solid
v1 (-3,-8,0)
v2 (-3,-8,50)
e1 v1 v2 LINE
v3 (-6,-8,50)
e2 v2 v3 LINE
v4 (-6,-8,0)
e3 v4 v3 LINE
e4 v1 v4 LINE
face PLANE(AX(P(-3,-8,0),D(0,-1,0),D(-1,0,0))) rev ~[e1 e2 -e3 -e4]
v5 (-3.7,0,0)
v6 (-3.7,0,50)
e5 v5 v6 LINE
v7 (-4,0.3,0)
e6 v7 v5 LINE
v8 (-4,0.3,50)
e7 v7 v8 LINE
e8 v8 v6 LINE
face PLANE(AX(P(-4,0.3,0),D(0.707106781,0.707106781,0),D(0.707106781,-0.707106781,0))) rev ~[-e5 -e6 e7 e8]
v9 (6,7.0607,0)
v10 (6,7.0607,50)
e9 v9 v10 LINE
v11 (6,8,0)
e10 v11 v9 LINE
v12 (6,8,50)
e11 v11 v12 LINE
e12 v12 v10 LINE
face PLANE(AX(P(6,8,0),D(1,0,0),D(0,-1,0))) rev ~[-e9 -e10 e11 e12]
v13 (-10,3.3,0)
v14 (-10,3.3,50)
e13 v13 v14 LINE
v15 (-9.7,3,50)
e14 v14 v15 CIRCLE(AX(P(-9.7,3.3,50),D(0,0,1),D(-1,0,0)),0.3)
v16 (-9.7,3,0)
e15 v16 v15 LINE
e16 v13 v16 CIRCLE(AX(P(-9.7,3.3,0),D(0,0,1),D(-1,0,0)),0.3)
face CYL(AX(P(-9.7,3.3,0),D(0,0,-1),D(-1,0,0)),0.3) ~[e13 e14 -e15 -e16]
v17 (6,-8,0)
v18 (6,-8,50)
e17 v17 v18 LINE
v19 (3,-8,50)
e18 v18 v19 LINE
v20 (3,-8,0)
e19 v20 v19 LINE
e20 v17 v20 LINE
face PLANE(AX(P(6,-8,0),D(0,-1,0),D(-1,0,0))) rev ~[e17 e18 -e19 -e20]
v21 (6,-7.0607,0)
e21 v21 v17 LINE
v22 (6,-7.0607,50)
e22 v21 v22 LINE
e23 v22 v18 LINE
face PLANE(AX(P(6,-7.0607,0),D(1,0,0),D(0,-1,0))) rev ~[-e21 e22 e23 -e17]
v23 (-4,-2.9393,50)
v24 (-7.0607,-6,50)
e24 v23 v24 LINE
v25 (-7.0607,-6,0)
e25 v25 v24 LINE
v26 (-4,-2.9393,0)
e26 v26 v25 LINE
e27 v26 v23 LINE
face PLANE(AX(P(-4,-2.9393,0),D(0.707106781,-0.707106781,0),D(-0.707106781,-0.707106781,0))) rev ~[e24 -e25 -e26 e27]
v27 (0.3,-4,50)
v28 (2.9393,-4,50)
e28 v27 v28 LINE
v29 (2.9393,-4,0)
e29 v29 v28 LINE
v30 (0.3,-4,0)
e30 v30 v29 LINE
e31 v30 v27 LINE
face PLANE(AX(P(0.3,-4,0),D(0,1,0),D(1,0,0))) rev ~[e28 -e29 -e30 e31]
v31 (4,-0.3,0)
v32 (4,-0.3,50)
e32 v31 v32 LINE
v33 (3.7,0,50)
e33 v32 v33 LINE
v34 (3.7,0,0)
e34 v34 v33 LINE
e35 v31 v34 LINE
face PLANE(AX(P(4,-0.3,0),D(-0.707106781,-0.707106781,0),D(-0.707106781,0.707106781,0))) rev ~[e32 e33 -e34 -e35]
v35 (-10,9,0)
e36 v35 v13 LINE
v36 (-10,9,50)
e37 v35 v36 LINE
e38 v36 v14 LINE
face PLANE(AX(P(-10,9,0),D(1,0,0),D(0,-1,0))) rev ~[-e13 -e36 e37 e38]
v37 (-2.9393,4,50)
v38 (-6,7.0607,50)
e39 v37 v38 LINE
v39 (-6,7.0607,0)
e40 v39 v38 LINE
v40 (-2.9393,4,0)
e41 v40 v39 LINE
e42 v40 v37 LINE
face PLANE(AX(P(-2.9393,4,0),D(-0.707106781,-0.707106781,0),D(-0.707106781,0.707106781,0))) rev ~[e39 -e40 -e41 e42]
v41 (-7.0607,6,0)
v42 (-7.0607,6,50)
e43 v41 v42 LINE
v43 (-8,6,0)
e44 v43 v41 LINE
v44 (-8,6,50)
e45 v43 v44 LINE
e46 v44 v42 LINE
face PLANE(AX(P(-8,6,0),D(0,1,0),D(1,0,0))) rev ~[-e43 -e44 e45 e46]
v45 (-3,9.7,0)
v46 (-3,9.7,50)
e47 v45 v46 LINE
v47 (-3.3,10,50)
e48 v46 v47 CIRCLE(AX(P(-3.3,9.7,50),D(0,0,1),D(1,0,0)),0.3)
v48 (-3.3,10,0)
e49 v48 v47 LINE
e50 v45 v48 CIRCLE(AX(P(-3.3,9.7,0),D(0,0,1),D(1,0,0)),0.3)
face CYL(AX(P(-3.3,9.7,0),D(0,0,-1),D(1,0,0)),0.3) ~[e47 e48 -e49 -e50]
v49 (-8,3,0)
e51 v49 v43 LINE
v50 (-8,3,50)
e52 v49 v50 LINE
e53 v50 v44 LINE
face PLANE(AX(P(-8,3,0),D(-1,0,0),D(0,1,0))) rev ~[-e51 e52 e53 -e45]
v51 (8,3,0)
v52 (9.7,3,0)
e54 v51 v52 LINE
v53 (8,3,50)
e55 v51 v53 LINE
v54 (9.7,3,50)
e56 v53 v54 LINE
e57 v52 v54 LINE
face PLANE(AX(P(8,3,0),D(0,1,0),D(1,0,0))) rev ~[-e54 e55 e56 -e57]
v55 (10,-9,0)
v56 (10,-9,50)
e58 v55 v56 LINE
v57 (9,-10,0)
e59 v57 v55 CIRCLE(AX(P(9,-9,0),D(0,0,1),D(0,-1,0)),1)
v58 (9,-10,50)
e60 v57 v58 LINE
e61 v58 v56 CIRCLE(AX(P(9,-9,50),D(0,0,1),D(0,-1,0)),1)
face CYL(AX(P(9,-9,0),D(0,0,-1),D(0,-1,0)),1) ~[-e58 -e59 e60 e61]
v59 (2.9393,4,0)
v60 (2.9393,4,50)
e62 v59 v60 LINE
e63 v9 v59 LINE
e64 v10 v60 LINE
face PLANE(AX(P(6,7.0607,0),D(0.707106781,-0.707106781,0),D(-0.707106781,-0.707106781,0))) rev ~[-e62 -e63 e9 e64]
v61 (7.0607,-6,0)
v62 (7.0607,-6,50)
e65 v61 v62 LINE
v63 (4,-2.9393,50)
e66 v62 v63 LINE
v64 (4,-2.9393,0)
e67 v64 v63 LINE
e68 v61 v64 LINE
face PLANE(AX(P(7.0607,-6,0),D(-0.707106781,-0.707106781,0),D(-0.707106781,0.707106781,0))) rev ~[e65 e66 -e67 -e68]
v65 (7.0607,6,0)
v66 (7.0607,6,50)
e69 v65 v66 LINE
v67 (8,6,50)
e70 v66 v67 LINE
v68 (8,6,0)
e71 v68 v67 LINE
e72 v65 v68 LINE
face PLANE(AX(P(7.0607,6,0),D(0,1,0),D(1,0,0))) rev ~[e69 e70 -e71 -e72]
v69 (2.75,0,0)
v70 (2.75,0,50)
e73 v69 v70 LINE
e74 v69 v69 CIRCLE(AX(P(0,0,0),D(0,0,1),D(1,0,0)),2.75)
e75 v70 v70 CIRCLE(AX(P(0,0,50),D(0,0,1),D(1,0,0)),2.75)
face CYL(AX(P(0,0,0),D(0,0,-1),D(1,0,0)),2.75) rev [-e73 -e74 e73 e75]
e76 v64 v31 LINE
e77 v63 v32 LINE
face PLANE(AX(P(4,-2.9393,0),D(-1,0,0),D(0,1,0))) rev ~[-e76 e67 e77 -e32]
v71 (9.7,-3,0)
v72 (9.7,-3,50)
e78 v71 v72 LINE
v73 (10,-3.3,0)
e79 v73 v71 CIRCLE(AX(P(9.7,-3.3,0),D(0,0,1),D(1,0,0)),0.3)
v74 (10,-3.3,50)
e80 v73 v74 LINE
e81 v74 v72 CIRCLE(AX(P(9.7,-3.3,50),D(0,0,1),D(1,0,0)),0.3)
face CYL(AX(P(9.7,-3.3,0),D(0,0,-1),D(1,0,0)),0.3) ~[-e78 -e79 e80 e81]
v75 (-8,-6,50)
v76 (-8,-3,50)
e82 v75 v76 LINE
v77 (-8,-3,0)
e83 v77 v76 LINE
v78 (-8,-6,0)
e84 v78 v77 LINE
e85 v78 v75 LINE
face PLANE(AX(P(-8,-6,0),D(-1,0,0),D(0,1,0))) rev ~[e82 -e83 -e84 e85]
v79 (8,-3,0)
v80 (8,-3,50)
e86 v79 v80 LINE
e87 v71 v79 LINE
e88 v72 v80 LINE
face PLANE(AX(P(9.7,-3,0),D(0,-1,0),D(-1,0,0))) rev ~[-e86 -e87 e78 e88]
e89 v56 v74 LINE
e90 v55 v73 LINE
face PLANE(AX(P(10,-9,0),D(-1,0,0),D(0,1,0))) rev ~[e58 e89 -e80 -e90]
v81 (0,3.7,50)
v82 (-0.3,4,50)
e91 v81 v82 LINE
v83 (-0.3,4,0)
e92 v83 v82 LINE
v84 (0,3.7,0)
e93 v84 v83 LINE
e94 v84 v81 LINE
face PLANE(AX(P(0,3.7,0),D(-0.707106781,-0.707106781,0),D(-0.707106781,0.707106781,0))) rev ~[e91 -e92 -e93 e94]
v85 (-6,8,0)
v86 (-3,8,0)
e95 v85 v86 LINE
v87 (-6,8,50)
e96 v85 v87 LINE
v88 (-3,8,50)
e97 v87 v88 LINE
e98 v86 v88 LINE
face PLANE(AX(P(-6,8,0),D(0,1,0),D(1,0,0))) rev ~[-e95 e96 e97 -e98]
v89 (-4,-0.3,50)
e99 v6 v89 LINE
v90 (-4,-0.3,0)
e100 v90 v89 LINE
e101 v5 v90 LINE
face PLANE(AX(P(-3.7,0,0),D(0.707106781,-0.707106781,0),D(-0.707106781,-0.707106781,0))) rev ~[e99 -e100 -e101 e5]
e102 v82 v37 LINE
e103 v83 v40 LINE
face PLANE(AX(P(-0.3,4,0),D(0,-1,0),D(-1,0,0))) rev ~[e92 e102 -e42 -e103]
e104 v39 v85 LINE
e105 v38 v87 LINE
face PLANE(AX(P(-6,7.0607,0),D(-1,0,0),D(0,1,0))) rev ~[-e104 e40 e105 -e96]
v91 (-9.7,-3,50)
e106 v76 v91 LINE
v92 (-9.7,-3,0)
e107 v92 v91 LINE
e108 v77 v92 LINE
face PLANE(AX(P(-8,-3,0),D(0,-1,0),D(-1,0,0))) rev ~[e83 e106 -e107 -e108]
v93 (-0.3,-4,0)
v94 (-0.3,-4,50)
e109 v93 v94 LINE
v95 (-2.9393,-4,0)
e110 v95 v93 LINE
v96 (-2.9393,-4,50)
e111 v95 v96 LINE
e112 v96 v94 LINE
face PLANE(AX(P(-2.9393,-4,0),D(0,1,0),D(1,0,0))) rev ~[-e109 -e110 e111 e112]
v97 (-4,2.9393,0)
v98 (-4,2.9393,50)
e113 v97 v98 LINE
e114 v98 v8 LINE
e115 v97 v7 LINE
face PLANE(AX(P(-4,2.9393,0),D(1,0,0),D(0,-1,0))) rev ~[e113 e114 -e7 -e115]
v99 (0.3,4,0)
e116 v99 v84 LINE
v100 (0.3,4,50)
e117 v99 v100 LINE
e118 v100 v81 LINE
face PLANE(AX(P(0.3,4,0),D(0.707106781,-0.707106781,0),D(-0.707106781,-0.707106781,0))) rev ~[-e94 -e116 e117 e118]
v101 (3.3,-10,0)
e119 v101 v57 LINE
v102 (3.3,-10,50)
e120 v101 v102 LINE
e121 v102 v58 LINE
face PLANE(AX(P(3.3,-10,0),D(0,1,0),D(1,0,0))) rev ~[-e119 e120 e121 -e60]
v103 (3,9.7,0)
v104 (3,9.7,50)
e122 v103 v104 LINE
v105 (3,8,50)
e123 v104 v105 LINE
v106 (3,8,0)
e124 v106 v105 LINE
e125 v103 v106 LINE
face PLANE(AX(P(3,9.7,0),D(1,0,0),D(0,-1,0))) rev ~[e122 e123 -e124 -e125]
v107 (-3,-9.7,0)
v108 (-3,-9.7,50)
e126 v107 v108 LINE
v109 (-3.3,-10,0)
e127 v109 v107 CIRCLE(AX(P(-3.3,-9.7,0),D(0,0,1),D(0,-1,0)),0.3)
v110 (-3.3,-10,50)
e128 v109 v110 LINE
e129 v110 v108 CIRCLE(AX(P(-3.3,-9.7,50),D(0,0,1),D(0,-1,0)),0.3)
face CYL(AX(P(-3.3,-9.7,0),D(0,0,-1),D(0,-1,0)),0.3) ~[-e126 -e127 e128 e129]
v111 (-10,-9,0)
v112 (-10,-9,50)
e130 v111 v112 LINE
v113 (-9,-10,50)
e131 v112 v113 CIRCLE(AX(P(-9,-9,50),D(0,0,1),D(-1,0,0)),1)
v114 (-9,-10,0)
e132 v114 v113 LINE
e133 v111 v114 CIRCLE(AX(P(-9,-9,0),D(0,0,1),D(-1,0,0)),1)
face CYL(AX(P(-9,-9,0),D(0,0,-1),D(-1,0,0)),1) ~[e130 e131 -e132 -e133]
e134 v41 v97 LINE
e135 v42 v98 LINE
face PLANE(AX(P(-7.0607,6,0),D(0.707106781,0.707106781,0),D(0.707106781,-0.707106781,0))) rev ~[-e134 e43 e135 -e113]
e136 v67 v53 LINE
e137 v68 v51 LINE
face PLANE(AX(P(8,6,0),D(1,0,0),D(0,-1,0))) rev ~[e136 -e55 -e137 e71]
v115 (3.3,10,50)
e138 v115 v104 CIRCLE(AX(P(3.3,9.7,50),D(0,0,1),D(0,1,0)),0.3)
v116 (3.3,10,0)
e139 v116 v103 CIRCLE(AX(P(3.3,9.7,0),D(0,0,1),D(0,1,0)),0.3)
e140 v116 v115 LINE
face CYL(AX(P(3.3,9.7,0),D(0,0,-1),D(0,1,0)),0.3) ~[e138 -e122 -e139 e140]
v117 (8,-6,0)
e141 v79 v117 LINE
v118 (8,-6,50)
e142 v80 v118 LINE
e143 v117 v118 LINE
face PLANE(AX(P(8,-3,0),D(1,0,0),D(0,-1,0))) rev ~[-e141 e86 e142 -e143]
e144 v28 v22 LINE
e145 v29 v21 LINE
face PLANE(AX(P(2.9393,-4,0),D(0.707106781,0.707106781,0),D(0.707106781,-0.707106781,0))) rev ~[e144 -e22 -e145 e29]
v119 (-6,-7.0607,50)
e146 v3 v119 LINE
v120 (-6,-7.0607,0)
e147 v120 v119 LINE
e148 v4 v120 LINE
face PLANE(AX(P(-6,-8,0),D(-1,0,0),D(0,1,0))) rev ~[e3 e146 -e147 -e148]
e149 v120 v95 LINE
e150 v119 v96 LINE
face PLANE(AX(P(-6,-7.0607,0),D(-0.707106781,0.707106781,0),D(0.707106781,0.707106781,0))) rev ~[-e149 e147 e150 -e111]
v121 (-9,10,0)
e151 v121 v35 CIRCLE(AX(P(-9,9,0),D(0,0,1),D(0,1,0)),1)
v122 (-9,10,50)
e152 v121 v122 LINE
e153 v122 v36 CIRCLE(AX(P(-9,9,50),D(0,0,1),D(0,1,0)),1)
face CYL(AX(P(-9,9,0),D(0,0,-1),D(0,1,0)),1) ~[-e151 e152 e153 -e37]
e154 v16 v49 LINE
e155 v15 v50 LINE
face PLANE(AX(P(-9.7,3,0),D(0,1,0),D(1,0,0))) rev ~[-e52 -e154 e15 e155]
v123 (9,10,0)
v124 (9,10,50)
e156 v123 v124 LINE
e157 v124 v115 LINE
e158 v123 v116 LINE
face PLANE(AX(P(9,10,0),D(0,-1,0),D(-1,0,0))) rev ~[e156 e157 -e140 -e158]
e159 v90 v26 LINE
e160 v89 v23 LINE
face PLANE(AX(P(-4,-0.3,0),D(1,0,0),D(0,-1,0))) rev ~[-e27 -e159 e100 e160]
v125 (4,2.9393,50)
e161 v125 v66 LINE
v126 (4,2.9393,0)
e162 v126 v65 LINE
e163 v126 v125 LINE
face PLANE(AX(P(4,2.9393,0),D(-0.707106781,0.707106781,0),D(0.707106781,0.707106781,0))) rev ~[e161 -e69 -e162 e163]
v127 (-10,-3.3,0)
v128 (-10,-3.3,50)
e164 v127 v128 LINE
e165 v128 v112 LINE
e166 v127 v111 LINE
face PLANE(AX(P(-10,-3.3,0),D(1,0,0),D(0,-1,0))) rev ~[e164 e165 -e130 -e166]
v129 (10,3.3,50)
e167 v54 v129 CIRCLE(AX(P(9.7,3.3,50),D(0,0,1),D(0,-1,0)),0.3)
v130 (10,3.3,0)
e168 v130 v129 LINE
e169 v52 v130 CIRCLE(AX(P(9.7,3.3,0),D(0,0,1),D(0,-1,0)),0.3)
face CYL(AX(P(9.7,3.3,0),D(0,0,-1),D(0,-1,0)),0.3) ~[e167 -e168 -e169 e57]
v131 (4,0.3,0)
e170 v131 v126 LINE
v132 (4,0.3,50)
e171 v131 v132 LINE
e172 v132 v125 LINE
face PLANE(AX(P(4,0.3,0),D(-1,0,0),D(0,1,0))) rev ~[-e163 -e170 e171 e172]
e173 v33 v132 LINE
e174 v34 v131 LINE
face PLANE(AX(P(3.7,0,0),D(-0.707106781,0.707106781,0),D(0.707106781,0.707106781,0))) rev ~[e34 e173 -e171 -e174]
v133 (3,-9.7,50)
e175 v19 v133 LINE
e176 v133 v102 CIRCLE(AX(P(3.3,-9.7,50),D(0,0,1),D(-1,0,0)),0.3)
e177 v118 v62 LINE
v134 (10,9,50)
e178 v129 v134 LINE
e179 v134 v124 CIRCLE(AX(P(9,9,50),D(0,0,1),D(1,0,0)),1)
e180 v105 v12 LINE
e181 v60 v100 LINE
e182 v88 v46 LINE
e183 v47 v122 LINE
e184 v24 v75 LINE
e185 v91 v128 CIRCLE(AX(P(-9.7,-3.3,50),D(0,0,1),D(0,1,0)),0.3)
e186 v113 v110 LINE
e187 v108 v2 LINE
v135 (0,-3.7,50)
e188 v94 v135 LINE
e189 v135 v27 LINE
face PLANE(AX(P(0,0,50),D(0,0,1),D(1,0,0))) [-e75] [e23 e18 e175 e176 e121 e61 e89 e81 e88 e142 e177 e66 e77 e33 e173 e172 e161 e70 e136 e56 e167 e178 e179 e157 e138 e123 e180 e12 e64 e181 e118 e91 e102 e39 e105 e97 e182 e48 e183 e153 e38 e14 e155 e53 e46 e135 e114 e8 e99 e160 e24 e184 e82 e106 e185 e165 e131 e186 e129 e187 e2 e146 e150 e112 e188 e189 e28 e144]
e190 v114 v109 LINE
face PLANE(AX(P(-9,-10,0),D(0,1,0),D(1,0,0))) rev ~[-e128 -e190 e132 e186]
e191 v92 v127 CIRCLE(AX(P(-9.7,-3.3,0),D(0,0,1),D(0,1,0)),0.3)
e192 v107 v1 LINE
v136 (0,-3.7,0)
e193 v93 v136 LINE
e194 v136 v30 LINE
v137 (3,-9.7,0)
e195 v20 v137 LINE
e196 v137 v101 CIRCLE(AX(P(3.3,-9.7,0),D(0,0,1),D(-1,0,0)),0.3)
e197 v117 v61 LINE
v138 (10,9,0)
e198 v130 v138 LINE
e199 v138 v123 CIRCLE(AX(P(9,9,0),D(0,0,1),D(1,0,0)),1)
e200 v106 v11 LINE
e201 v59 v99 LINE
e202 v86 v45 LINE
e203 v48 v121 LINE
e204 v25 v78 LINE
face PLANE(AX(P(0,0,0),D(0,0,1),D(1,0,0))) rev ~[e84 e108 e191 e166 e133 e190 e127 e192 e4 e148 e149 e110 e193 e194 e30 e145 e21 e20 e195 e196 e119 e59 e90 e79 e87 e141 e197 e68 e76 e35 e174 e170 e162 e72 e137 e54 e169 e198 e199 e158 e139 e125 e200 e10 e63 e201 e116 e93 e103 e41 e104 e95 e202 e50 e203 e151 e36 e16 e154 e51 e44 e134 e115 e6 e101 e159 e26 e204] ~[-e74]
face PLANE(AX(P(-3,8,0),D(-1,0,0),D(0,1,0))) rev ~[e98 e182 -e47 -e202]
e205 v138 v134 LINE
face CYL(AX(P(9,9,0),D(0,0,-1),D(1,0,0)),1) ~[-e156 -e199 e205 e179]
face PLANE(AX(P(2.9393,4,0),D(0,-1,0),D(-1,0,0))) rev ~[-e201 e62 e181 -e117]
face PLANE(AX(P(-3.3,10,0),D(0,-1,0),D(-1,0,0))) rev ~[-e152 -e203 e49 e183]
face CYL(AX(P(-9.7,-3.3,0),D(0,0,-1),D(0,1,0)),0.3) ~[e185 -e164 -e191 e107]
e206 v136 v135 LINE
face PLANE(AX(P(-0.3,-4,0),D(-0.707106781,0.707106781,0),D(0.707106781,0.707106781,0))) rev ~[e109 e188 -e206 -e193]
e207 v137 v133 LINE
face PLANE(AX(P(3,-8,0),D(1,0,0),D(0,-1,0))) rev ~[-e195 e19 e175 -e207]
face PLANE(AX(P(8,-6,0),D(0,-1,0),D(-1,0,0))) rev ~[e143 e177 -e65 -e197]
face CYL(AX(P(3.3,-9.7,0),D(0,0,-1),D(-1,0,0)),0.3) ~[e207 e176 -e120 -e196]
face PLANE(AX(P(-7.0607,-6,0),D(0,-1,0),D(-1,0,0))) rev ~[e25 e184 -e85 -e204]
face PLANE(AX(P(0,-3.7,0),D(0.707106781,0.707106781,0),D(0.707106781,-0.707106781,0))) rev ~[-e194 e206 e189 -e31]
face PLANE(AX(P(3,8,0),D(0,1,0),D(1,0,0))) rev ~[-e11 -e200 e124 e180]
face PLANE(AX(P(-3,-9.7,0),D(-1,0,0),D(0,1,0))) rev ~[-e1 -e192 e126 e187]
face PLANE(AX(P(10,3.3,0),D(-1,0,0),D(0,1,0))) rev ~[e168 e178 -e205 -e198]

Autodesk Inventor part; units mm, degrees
ref_plane "Startebene" through (0, 0, 0) normal (0, 0, 1) x (1, 0, 0)
ref_plane "Endebene" through (0, 0, 320) normal (0, 0, 1) x (1, 0, 0)
ref_plane "Startebene1" through (0, 0, 0) normal (0, 0, 1) x (1, 0, 0)
ref_plane "Endebene1" through (0, 0, 50) normal (0, 0, 1) x (1, 0, 0)
ref_plane "Startebene2" through (0, 0, 0) normal (0, 0, 1) x (1, 0, 0)
ref_plane "Endebene2" through (0, 0, 50) normal (0, 0, 1) x (1, 0, 0)
sketch "Skizze" plane through (0, 0, 0) normal (0, 0, 1) x (1, 0, 0)
  line L0 (-10, 9) -> (-10, 3.3)
  arc A0 (-10, 3.3) -> (-9.7, 3) centre (-9.7, 3.3) ccw
  line L1 (-9.7, 3) -> (-8, 3)
  line L2 (-8, 3) -> (-8, 6)
  line L3 (-8, 6) -> (-7.0607, 6)
  line L4 (-7.0607, 6) -> (-4, 2.9393)
  line L5 (-4, 2.9393) -> (-4, 0.3)
  line L6 (-4, 0.3) -> (-3.7, 0)
  line L7 (-3.7, 0) -> (-4, -0.3)
  line L8 (-4, -0.3) -> (-4, -2.9393)
  line L9 (-4, -2.9393) -> (-7.0607, -6)
  line L10 (-7.0607, -6) -> (-8, -6)
  line L11 (-8, -6) -> (-8, -3)
  line L12 (-8, -3) -> (-9.7, -3)
  arc A1 (-9.7, -3) -> (-10, -3.3) centre (-9.7, -3.3) ccw
  line L13 (-10, -3.3) -> (-10, -9)
  arc A2 (-10, -9) -> (-9, -10) centre (-9, -9) ccw
  line L14 (-9, -10) -> (-3.3, -10)
  arc A3 (-3.3, -10) -> (-3, -9.7) centre (-3.3, -9.7) ccw
  line L15 (-3, -9.7) -> (-3, -8)
  line L16 (-3, -8) -> (-6, -8)
  line L17 (-6, -8) -> (-6, -7.0607)
  line L18 (-6, -7.0607) -> (-2.9393, -4)
  line L19 (-2.9393, -4) -> (-0.3, -4)
  line L20 (-0.3, -4) -> (0, -3.7)
  line L21 (0, -3.7) -> (0.3, -4)
  line L22 (0.3, -4) -> (2.9393, -4)
  line L23 (2.9393, -4) -> (6, -7.0607)
  line L24 (6, -7.0607) -> (6, -8)
  line L25 (6, -8) -> (3, -8)
  line L26 (3, -8) -> (3, -9.7)
  arc A4 (3, -9.7) -> (3.3, -10) centre (3.3, -9.7) ccw
  line L27 (3.3, -10) -> (9, -10)
  arc A5 (9, -10) -> (10, -9) centre (9, -9) ccw
  line L28 (10, -9) -> (10, -3.3)
  arc A6 (10, -3.3) -> (9.7, -3) centre (9.7, -3.3) ccw
  line L29 (9.7, -3) -> (8, -3)
  line L30 (8, -3) -> (8, -6)
  line L31 (8, -6) -> (7.0607, -6)
  line L32 (7.0607, -6) -> (4, -2.9393)
  line L33 (4, -2.9393) -> (4, -0.3)
  line L34 (4, -0.3) -> (3.7, 0)
  line L35 (3.7, 0) -> (4, 0.3)
  line L36 (4, 0.3) -> (4, 2.9393)
  line L37 (4, 2.9393) -> (7.0607, 6)
  line L38 (7.0607, 6) -> (8, 6)
  line L39 (8, 6) -> (8, 3)
  line L40 (8, 3) -> (9.7, 3)
  arc A7 (9.7, 3) -> (10, 3.3) centre (9.7, 3.3) ccw
  line L41 (10, 3.3) -> (10, 9)
  arc A8 (10, 9) -> (9, 10) centre (9, 9) ccw
  line L42 (9, 10) -> (3.3, 10)
  arc A9 (3.3, 10) -> (3, 9.7) centre (3.3, 9.7) ccw
  line L43 (3, 9.7) -> (3, 8)
  line L44 (3, 8) -> (6, 8)
  line L45 (6, 8) -> (6, 7.0607)
  line L46 (6, 7.0607) -> (2.9393, 4)
  line L47 (2.9393, 4) -> (0.3, 4)
  line L48 (0.3, 4) -> (0, 3.7)
  line L49 (0, 3.7) -> (-0.3, 4)
  line L50 (-0.3, 4) -> (-2.9393, 4)
  line L51 (-2.9393, 4) -> (-6, 7.0607)
  line L52 (-6, 7.0607) -> (-6, 8)
  line L53 (-6, 8) -> (-3, 8)
  line L54 (-3, 8) -> (-3, 9.7)
  arc A10 (-3, 9.7) -> (-3.3, 10) centre (-3.3, 9.7) ccw
  line L55 (-3.3, 10) -> (-9, 10)
  arc A11 (-9, 10) -> (-10, 9) centre (-9, 9) ccw
  circle A12 centre (0, 0) radius 2.75
  dimension "d2" = 5.5
  dimension "d3" = 10
  dimension "d4" = 10
  dimension "d5" = 5.7
  dimension "d6" = 5.7
  dimension "d7" = 1.7
  dimension "d8" = 3
  dimension "d9" = 0.3
  dimension "d10" = 90
  dimension "d11" = 45
  dimension "d12" = 45
  dimension "d13" = 45
  dimension "d14" = 90
  dimension "d15" = 90
  dimension "d16" = 45
  dimension "d17" = 45
  dimension "d18" = 45
  dimension "d19" = 45
  dimension "d20" = 90
  dimension "d21" = 90
  dimension "d22" = 45
  dimension "d23" = 45
  dimension "d24" = 90
  dimension "d25" = 90
  dimension "d26" = 90
  dimension "d27" = 90
  dimension "d28" = 90
  dimension "d29" = 90
  dimension "d30" = 90
  dimension "d31" = 90
  dimension "d32" = 90
  dimension "d33" = 90
  dimension "d34" = 90
  dimension "d35" = 90
  dimension "d36" = 90
  dimension "d37" = 90
  dimension "d38" = 90
  dimension "d39" = 4
  dimension "d40" = 6
  dimension "d41" = 13
  dimension "d42" = 14
  dimension "d43" = 16
  dimension "d44" = 18
  dimension "d45" = 3
  dimension "d46" = 9
  dimension "d47" = 7
  dimension "d48" = 1
  dimension "d49" = 7
  dimension "d50" = 1.5
  dimension "d51" = 1.8663
  dimension "d52" = 3.3663
  dimension "d53" = 1.5
  dimension "d54" = 1.8663
  dimension "d55" = 3.3663
  dimension "d56" = 4
  dimension "d57" = 10.8187
  dimension "d58" = 1.9092
  dimension "d59" = 5
  dimension "d60" = 13
  dimension "d61" = 13
  dimension "d62" = 16.0513
  dimension "d63" = 3.3234
  dimension "d64" = 14
  dimension "d65" = 12.685
extrude "Körper" add sketch "Skizze" along normal up to surface (50 mm away) from surface at 0
sketch "Skizze13" plane through (0, 0, 0) normal (0, 0, 1) x (1, 0, 0)
  line L0 (0, 0) -> (10, 0)
ref_plane "Arbeitsebene12" through (0, 0, 0) normal (0, -1, 0) x (1, 0, 0)
sketch "Skizze14" plane through (0, 0, 0) normal (0, -1, 0) x (1, 0, 0)
  line L0 (-2, 0) -> (12, 0)
  line L1 (-2, 50) -> (12, 50)
  dimension "d80" = 50
equation "\"G_OFFSET_START\" = 0"
equation "\"G_OFFSET_END\" = 0"
equation "\"G_L\" = d80"
equation "\"G_OFFSET_START1\" = 0"
equation "\"G_OFFSET_END1\" = 0"
equation "\"G_OFFSET_START2\" = 0"
equation "\"G_OFFSET_END2\" = 0"
properties part number "Alu Profil 20x20 - AP2020" material "Aluminium 6061"
